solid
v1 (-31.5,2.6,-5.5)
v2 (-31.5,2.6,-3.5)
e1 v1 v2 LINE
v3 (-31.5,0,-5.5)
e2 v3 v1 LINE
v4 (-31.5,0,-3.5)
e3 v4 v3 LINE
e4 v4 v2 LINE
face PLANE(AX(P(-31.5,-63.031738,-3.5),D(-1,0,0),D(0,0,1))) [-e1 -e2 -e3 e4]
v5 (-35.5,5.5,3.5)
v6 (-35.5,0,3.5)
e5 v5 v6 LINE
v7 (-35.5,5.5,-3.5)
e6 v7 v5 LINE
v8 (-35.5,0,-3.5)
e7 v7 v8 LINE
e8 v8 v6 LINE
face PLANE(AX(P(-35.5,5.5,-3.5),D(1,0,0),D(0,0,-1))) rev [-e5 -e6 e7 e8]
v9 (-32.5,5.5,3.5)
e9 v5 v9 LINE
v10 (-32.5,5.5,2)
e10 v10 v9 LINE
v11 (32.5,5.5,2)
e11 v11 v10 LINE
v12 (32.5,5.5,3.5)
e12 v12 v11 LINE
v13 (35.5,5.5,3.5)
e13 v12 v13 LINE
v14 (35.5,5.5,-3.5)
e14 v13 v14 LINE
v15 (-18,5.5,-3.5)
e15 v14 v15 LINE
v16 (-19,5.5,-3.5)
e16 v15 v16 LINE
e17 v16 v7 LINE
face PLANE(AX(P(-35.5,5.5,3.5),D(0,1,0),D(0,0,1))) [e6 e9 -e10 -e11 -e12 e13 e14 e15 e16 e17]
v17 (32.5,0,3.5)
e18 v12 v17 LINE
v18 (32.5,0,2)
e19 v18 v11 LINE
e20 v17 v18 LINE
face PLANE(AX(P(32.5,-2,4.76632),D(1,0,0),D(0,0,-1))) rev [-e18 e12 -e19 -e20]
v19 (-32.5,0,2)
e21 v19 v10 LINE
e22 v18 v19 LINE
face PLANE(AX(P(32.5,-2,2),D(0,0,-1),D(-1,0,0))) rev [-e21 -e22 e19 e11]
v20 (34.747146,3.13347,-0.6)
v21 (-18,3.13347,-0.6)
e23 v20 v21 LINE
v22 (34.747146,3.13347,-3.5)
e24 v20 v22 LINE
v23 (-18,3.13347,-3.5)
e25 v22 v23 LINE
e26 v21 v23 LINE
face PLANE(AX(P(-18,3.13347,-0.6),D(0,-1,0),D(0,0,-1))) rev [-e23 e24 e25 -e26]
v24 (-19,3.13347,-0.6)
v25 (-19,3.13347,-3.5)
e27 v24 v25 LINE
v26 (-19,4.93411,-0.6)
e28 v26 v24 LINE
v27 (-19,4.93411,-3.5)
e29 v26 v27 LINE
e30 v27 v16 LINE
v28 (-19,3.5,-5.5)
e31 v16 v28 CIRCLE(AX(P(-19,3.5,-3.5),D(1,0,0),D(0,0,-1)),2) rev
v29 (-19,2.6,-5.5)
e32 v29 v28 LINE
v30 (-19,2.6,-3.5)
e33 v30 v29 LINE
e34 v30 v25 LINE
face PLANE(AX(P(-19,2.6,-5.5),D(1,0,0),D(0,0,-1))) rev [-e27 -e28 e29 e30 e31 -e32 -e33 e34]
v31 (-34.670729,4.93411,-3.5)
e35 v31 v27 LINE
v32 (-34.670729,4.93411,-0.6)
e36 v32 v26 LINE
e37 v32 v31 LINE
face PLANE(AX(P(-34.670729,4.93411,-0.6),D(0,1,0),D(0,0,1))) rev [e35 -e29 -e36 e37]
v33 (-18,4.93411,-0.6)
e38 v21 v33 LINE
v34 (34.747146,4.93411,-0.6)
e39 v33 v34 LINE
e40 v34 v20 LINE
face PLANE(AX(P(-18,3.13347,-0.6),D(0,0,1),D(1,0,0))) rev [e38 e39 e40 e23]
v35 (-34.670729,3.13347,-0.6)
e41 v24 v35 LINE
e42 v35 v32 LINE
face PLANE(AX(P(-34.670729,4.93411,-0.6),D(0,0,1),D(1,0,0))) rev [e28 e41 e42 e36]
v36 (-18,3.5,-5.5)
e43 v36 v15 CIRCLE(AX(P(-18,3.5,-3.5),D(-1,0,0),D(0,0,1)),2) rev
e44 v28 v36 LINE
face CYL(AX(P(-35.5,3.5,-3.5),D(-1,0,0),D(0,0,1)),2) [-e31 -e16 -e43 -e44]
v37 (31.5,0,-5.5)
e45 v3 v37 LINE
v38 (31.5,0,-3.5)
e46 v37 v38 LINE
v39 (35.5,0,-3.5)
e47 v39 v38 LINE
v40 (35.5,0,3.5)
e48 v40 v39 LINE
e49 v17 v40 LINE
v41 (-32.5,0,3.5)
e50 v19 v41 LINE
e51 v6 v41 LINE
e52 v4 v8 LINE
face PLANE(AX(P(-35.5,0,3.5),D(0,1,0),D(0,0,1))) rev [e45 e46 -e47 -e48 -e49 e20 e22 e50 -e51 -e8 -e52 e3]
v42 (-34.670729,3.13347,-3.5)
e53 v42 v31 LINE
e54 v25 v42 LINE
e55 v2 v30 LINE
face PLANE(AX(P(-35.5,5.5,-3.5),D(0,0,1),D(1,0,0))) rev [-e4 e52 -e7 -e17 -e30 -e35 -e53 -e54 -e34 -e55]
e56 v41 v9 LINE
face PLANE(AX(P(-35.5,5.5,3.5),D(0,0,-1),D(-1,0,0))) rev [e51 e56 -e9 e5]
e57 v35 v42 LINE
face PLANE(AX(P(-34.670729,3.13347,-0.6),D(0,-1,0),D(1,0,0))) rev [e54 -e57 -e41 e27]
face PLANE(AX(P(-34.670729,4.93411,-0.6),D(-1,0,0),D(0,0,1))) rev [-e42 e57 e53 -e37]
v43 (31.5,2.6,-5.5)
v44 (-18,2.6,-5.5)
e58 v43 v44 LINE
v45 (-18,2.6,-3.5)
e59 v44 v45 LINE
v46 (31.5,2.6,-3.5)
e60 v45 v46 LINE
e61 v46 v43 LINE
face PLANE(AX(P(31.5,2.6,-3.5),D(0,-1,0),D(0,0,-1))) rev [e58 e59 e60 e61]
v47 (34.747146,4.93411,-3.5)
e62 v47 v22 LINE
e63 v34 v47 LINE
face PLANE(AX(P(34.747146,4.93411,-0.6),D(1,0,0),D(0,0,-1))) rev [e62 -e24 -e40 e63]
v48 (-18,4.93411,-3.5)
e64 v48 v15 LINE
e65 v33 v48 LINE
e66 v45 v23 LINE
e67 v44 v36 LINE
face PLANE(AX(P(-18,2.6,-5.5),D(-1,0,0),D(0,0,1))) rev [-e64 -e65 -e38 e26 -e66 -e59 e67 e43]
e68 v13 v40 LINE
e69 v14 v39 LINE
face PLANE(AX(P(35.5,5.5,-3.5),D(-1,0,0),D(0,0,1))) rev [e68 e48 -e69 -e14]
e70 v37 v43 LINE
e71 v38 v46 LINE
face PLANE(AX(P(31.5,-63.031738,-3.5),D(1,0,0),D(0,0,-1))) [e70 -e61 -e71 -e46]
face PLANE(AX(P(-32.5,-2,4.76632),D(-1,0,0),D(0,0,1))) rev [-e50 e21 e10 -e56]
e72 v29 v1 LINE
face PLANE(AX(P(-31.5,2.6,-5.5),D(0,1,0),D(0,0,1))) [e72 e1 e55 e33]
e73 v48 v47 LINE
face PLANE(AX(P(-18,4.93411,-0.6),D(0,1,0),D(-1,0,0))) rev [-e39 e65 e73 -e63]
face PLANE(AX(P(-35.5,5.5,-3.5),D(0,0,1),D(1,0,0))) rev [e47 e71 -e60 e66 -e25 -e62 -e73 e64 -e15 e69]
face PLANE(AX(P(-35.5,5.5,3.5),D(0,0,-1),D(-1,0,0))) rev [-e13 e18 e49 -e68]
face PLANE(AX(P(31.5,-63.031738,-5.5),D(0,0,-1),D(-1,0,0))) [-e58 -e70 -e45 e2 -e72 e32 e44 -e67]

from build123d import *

# Parameters (mm, degrees)
CROQUIS1_W            = 71
CROQUIS1_H            = 7
EXTRUIR1_DEPTH        = 5.5
CROQUIS2_W            = 65
CROQUIS2_H            = 2.766320183
CORTAR_EXTRUIR1_DEPTH = 7.5
CROQUIS3_W            = 63
CROQUIS3_H            = 2
EXTRUIR2_DEPTH        = 5.5
CROQUIS4_W            = 49.5
CROQUIS4_H            = 2
CROQUIS4_W_2          = 12.5
CORTAR_EXTRUIR2_DEPTH = 2.9
REDONDEO1_R           = 2
CROQUIS5_W            = 15.670728733
CROQUIS5_H            = 1.800640157
CROQUIS5_W_2          = 52.74714617
CORTAR_EXTRUIR3_DEPTH = 2.9


with BuildPart() as part:
    # Croquis1 → Extruir1 (new body)
    with BuildSketch(Plane(origin=(0, 0, 0), x_dir=(1, 0, 0), z_dir=(0, 1, 0))):
        Rectangle(CROQUIS1_W, CROQUIS1_H)
    extrude(amount=EXTRUIR1_DEPTH)

    # Croquis2 → Cortar-Extruir1 (cut)
    with BuildSketch(Plane(origin=(0, 5.5, 0), x_dir=(-1, 0, 0), z_dir=(0, 1, 0))):
        with Locations((0, 3.383160092)):
            Rectangle(CROQUIS2_W, CROQUIS2_H)
    extrude(amount=-CORTAR_EXTRUIR1_DEPTH, mode=Mode.SUBTRACT)

    # Croquis3 → Extruir2 (add)
    with BuildSketch(Plane(origin=(0, 5.5, 0), x_dir=(-1, 0, 0), z_dir=(0, 1, 0))):
        with Locations((0, -4.5)):
            Rectangle(CROQUIS3_W, CROQUIS3_H)
    extrude(amount=-EXTRUIR2_DEPTH)

    # Croquis4 → Cortar-Extruir2 (cut)
    with BuildSketch(Plane(origin=(0, 5.5, 0), x_dir=(-1, 0, 0), z_dir=(0, 1, 0))):
        with Locations((-6.75, -4.5)):
            Rectangle(CROQUIS4_W, CROQUIS4_H)
        with Locations((25.25, -4.5)):
            Rectangle(CROQUIS4_W_2, CROQUIS4_H)
    extrude(amount=-CORTAR_EXTRUIR2_DEPTH, mode=Mode.SUBTRACT)

    # Redondeo1
    redondeo1_edges = [part.edges().sort_by_distance(p)[0] for p in [
        (-18.5, 5.5, -5.5),
    ]]
    fillet(redondeo1_edges, radius=REDONDEO1_R)

    # Croquis5 → Cortar-Extruir3 (cut)
    with BuildSketch(Plane(origin=(0, 0, -3.5), x_dir=(-1, 0, 0), z_dir=(0, 0, -1))):
        with Locations((26.835364367, 4.033789802)):
            Rectangle(CROQUIS5_W, CROQUIS5_H)
        with Locations((-8.373573085, 4.033789802)):
            Rectangle(CROQUIS5_W_2, CROQUIS5_H)
    extrude(amount=-CORTAR_EXTRUIR3_DEPTH, mode=Mode.SUBTRACT)


solid = part.part
